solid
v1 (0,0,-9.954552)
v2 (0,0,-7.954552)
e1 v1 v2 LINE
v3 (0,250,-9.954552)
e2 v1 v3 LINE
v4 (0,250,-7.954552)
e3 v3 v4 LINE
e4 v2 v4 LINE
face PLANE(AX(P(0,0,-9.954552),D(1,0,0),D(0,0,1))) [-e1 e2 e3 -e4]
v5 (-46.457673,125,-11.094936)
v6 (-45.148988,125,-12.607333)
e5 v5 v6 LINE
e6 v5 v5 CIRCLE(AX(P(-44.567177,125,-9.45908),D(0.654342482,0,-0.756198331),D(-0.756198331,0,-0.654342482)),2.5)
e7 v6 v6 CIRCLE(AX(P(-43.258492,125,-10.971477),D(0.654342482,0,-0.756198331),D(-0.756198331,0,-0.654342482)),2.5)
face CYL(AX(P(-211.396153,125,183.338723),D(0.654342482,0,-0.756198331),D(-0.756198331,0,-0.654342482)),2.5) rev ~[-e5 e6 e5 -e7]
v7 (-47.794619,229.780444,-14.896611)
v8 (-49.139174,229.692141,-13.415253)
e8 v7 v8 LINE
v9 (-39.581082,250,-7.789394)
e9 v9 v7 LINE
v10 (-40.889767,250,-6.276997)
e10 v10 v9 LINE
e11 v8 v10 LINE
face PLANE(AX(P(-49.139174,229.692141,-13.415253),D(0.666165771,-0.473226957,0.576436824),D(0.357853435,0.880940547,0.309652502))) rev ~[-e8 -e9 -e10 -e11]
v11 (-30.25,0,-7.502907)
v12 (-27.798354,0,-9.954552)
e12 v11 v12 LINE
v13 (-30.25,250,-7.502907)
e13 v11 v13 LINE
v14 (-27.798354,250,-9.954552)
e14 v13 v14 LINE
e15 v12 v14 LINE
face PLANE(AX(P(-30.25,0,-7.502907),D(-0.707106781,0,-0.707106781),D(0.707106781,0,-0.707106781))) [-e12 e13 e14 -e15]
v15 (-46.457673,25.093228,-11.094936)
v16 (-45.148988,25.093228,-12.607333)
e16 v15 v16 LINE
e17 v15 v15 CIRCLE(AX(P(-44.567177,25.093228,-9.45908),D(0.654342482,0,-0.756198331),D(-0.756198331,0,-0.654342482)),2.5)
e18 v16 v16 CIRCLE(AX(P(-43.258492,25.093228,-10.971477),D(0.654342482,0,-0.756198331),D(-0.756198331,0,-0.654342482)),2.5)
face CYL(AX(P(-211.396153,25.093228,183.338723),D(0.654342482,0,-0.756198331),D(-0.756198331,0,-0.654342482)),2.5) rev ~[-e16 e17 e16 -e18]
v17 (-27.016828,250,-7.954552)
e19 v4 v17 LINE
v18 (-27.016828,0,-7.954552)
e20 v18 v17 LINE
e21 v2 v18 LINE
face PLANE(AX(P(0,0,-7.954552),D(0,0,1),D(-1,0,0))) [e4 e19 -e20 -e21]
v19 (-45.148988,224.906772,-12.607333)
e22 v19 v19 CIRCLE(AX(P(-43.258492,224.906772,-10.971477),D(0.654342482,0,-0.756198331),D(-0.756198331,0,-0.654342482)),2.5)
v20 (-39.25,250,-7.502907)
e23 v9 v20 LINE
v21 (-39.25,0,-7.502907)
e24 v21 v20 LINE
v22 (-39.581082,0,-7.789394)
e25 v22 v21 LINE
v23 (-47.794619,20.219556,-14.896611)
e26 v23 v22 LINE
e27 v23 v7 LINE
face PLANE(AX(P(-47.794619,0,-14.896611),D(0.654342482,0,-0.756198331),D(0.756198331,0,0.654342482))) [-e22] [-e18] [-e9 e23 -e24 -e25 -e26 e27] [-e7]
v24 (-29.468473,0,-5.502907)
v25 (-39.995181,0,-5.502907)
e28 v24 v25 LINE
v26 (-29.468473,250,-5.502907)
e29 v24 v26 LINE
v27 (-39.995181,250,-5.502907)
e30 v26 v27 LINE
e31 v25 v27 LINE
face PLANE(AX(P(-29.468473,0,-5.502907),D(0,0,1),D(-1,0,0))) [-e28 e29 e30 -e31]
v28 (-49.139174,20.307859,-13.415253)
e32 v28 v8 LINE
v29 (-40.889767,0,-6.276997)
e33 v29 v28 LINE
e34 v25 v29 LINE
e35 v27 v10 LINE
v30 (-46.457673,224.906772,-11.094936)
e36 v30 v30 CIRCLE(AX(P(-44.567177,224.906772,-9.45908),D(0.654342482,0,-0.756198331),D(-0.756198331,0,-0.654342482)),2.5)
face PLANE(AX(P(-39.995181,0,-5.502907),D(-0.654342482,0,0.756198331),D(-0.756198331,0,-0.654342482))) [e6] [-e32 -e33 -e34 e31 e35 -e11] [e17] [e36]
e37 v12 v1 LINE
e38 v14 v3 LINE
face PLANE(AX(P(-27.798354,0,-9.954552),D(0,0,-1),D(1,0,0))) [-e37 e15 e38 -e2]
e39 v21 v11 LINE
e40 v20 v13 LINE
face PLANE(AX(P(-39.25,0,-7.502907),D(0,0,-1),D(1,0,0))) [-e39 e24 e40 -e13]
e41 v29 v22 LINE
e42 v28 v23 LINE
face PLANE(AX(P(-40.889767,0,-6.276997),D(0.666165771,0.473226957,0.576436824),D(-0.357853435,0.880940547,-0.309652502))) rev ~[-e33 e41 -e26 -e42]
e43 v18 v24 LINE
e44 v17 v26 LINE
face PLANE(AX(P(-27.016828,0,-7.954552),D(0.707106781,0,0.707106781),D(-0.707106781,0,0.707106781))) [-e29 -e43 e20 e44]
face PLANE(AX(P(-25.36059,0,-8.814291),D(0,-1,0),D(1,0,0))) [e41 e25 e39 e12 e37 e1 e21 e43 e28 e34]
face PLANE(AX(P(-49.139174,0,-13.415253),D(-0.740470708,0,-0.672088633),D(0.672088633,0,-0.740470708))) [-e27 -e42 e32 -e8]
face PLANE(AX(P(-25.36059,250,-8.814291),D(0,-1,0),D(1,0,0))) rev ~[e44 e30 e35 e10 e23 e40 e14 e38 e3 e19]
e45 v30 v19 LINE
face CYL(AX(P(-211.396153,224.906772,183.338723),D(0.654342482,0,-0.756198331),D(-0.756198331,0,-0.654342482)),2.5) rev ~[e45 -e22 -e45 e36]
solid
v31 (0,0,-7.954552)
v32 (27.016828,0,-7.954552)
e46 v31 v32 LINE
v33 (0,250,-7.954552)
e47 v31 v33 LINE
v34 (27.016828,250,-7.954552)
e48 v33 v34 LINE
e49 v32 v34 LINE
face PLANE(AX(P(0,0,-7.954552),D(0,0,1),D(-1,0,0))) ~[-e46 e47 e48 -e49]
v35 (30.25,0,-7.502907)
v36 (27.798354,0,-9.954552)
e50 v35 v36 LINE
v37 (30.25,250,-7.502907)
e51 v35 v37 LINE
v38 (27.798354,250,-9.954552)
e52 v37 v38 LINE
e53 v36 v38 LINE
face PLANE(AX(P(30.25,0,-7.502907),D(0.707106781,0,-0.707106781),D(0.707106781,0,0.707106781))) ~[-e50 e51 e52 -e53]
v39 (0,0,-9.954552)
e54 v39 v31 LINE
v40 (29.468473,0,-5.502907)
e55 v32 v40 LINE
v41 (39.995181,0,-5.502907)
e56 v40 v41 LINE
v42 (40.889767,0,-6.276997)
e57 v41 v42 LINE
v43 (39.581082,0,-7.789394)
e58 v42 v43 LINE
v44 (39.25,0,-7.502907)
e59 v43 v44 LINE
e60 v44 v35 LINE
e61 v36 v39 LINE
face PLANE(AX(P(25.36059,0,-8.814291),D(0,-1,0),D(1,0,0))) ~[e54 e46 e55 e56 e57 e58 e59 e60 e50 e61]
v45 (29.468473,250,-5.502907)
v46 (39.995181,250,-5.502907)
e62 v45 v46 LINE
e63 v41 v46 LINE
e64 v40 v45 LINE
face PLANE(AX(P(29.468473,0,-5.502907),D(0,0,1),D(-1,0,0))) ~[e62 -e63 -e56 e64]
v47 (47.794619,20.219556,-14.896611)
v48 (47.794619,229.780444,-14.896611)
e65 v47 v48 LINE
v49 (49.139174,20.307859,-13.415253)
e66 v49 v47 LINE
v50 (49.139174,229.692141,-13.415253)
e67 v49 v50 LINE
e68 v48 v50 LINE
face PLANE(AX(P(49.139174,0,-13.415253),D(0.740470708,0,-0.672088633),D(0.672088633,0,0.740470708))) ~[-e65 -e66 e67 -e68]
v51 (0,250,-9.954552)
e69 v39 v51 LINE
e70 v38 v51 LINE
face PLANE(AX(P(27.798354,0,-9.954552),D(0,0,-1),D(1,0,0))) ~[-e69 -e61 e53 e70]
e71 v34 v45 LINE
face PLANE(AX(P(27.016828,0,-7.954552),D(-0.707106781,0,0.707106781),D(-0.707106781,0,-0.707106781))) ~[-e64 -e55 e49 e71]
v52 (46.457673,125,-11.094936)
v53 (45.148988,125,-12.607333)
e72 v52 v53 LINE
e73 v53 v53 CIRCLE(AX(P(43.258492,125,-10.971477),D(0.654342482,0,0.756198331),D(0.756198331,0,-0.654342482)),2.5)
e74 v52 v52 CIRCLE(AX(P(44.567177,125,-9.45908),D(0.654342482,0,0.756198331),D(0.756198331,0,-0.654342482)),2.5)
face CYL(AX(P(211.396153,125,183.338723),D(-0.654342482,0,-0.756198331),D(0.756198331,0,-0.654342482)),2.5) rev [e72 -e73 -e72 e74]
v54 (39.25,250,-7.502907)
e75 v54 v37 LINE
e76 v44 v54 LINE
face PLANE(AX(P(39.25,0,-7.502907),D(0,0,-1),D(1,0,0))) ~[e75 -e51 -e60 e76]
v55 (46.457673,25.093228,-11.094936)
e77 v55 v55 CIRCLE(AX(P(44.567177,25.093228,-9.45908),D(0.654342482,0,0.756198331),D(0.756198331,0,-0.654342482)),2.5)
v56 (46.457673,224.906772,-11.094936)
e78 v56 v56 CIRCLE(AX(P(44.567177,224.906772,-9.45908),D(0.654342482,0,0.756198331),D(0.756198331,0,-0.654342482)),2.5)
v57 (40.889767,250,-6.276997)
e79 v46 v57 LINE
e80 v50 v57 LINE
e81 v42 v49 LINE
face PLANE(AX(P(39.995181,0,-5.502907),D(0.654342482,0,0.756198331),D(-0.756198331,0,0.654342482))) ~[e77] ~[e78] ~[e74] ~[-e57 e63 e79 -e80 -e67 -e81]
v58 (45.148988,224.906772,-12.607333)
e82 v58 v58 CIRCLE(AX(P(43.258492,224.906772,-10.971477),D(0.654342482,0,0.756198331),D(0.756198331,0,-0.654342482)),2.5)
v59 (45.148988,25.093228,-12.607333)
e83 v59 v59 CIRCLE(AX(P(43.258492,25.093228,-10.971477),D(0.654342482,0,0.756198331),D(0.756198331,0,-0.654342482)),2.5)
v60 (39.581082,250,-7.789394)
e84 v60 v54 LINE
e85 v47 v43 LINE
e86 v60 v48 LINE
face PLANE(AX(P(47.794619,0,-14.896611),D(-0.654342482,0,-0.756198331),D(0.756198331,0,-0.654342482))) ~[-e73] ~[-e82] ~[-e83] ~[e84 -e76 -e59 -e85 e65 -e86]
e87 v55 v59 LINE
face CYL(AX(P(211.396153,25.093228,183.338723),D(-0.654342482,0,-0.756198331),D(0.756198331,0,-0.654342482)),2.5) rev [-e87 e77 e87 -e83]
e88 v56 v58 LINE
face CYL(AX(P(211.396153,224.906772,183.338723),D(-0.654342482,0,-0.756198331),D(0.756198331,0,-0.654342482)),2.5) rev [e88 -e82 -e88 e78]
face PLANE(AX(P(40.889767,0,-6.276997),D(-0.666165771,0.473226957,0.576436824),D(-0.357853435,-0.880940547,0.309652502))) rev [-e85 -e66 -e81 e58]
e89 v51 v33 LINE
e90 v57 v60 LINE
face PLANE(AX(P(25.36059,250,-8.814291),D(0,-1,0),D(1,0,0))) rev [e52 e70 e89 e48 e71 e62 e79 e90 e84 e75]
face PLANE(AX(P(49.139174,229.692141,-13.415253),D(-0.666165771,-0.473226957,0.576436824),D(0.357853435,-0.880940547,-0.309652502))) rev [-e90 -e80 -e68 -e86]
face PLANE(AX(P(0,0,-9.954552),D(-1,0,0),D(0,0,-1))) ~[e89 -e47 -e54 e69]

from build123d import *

# Parameters (mm, degrees)
F2_DEPTH = 250
F4_D     = 5
F6_DEPTH = 33.2750494181


with BuildPart() as f2:
    # F0 (on Front) → F2 (new body)
    with BuildSketch(Plane.XZ):
        Polygon((-29.4684734557, -5.5029067088), (-39.995180622, -5.5029067088), (-49.1391739397, -13.415253299), (-47.7946186635, -14.8966111875), (-39.25, -7.5029067088), (-30.25, -7.5029067088), (-27.7983543557, -9.954552353), (0, -9.954552353), (0, -7.954552353), (-27.0168278114, -7.954552353), align=None)
    extrude(amount=-F2_DEPTH)

    # F4 (through all)
    with Locations(Plane(origin=(-14.4015917944, 0, 16.6433633349), x_dir=(0.756198331, 0, 0.6543424823), z_dir=(-0.6543424823, 0, 0.756198331))):
        with Locations((-39.8911029679, 224.9067723751), (-39.8911029679, 125), (-39.8911029679, 25.0932276249)):
            Hole(F4_D / 2)

    # F5 (on face) → F6 (cut, through all)
    with BuildSketch(Plane(origin=(-14.4015917944, 0, 16.6433633349), x_dir=(0.756198331, 0, 0.6543424823), z_dir=(-0.6543424823, 0, 0.756198331))):
        Polygon((-45.9371314651, 229.6921412), (-35.0280794706, 250), (-45.9371314651, 250), align=None)
        Polygon((-35.0280794706, 0), (-45.9371314651, 20.3078588), (-45.9371314651, 0), align=None)
    extrude(amount=-F6_DEPTH, mode=Mode.SUBTRACT)


with BuildPart() as f8_1:
    # F8: instance of F2
    add(f2.part.mirror(Plane(origin=(0, 260, 0), x_dir=(0, 0, 1), z_dir=(-1, 0, 0))))


solid = Compound([f2.part, f8_1.part])
